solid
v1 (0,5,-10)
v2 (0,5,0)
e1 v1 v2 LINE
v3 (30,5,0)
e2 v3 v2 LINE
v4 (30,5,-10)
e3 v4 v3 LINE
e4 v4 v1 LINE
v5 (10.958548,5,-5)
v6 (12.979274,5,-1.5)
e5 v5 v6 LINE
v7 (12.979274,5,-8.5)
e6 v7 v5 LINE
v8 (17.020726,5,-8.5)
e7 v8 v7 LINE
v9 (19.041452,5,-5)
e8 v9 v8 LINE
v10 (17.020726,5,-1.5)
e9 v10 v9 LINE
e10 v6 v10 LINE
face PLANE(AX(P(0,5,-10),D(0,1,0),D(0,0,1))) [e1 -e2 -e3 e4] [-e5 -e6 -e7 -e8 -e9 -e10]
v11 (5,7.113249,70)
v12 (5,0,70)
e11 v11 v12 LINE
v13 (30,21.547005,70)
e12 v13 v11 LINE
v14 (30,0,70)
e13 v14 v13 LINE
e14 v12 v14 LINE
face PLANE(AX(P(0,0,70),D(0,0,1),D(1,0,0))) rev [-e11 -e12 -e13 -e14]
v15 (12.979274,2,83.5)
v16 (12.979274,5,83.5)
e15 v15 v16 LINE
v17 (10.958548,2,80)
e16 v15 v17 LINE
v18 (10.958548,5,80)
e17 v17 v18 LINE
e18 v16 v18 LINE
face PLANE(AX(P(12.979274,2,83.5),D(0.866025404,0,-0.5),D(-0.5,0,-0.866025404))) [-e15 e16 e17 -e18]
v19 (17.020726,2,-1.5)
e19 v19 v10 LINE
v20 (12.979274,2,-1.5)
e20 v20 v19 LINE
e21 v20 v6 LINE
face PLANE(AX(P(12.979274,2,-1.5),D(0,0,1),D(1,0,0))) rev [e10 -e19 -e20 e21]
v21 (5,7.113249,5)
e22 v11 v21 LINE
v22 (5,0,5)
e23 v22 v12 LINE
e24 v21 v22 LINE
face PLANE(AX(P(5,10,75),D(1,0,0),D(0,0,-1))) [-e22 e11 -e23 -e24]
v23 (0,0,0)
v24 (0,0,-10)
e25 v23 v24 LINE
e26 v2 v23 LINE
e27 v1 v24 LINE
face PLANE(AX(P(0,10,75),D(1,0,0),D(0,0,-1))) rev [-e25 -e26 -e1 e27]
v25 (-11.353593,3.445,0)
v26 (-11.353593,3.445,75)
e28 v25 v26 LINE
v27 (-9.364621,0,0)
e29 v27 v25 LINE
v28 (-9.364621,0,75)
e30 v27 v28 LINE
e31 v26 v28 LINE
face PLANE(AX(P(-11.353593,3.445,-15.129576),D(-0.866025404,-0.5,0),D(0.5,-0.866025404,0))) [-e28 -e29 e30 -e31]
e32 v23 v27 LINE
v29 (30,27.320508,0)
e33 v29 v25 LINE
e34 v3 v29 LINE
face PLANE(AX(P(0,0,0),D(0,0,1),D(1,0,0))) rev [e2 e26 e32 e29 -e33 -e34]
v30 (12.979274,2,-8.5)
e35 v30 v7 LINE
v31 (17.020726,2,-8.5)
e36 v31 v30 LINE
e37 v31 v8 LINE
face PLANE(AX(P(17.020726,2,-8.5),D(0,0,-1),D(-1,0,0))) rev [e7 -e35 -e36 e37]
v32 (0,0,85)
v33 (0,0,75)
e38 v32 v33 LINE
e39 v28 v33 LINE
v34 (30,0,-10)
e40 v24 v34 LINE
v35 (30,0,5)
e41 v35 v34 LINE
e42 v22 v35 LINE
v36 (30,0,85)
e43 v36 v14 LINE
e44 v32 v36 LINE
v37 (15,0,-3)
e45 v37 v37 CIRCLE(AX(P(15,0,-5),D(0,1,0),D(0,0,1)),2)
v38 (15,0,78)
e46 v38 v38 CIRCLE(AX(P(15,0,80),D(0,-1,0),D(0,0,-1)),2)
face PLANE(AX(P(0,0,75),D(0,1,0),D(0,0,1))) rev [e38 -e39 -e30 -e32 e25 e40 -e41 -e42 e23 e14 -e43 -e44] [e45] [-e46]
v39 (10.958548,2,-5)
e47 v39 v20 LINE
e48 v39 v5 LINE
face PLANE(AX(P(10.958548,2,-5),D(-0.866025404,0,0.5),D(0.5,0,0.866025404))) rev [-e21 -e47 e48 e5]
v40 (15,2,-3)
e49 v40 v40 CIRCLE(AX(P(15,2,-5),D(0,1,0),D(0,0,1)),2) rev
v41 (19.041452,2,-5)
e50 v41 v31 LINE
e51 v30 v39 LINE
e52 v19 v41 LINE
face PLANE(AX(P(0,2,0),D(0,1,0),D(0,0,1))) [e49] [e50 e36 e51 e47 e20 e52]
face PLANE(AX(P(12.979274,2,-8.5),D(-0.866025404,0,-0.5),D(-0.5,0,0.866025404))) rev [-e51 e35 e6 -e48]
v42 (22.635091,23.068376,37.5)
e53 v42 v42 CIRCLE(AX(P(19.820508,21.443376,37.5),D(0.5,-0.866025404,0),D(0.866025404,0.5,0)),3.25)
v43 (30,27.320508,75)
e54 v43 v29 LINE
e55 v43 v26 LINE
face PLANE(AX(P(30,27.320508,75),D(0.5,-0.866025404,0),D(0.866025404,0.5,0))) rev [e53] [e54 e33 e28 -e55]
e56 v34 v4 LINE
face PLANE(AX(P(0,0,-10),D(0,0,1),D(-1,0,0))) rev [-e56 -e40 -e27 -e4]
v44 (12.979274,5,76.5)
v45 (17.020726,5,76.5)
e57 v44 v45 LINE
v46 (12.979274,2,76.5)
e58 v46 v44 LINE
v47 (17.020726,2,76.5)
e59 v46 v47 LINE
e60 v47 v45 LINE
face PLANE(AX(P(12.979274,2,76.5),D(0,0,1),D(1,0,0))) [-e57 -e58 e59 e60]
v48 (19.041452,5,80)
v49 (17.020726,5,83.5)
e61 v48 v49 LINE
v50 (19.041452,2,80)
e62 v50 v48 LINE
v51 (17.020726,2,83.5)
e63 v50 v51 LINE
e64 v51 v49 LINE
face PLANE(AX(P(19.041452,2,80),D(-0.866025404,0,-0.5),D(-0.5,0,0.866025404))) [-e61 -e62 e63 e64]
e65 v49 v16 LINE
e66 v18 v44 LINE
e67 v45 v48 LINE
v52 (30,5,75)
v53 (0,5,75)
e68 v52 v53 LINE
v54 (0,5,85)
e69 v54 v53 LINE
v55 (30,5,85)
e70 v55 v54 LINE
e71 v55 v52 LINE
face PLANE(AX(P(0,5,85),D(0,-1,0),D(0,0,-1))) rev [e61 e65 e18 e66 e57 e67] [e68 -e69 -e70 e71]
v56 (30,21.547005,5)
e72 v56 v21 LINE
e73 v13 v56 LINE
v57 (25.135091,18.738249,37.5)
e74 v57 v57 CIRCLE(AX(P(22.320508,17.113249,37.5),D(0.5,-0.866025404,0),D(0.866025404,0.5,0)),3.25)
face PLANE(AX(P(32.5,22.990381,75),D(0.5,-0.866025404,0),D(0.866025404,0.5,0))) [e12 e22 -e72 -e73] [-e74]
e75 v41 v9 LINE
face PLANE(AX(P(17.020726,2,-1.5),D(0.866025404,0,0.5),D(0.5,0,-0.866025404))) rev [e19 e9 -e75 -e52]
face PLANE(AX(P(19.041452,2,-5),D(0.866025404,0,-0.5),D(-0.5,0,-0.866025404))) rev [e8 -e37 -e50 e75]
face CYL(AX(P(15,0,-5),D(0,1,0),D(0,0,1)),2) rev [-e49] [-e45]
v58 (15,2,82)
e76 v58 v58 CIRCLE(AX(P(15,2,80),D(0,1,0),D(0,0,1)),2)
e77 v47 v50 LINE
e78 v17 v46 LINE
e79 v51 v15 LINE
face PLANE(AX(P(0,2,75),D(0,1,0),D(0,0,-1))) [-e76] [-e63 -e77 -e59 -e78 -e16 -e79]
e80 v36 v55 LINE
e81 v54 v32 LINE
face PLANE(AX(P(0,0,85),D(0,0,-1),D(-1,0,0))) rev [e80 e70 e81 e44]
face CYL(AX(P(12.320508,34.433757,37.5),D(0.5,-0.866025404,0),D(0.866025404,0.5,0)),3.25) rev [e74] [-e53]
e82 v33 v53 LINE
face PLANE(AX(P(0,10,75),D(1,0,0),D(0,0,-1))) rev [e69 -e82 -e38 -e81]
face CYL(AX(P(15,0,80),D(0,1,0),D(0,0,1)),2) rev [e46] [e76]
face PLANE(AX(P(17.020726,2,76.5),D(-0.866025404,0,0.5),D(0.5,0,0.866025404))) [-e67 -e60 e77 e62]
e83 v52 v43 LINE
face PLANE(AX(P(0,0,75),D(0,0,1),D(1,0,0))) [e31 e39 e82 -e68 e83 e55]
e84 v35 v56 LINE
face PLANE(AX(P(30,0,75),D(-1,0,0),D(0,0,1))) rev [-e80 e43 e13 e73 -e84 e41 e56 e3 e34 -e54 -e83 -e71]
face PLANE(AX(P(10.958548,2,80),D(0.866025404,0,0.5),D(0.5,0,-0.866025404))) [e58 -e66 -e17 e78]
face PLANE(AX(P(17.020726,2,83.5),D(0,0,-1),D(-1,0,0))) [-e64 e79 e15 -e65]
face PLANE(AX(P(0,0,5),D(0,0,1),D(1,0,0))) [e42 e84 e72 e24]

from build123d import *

# Parameters (mm, degrees)
EXTRUDE_1_DEPTH     = 75
SHELL_1_T           = -5
SKETCH_2_W          = 65
SKETCH_2_H          = 5
CUT_EXTRUDE_1_DEPTH = 25
SKETCH_3_R          = 3.25
CUT_EXTRUDE_2_DEPTH = 21
SKETCH_4_W          = 30
SKETCH_4_H          = 5
EXTRUDE_2_DEPTH     = 10
EXTRUDE_3_DEPTH     = 75
SKETCH_8_R          = 2
CUT_EXTRUDE_4_DEPTH = 6
CUT_EXTRUDE_5_DEPTH = 3


with BuildPart() as part:
    # 草图1 → 凸台-拉伸1 (new body)
    with BuildSketch(Plane.XY):
        Polygon((0, 0), (30, 0), (30, 27.320508076), (0, 10), align=None)
    extrude(amount=EXTRUDE_1_DEPTH)

    # 抽壳1
    shell_1_openings = [part.faces().sort_by_distance(p)[0] for p in [
        (30, 13.660254038, 37.5),
    ]]
    offset(amount=SHELL_1_T, openings=shell_1_openings, kind=Kind.INTERSECTION)

    # 草图2 → 切除-拉伸1 (cut)
    with BuildSketch(Plane(origin=(30, 0, 0), x_dir=(0, 0, -1), z_dir=(1, 0, 0))):
        with Locations((-37.5, 2.5)):
            Rectangle(SKETCH_2_W, SKETCH_2_H)
    extrude(amount=-CUT_EXTRUDE_1_DEPTH, mode=Mode.SUBTRACT)

    # 草图3 → 切除-拉伸2 (cut, through all)
    with BuildSketch(Plane(origin=(-1.830127019, 3.169872981, 0), x_dir=(0.866025404, 0.5, 0), z_dir=(0.5, -0.866025404, 0))):
        with Locations((27.886751346, 37.5)):
            Circle(SKETCH_3_R)
    extrude(amount=-CUT_EXTRUDE_2_DEPTH, mode=Mode.SUBTRACT)

    # 草图4 → 凸台-拉伸2 (add)
    with BuildSketch(Plane.XY.offset(75)):
        with Locations((15, 2.5)):
            Rectangle(SKETCH_4_W, SKETCH_4_H)
    extrude_2 = extrude(amount=EXTRUDE_2_DEPTH)

    # 镜向1: 凸台-拉伸2 across plane
    add(extrude_2.mirror(Plane.XY.offset(37.5)))

    # 草图5 → 凸台-拉伸3 (add)
    with BuildSketch(Plane.XY.offset(75)):
        Polygon((0, 10), (-11.353593044, 3.445), (-9.364621366, 0), (0, 0), align=None)
    extrude(amount=-EXTRUDE_3_DEPTH)

    # 草图8 → 切除-拉伸4 (cut, through all)
    with BuildSketch(Plane(origin=(0, 5, 0), x_dir=(1, 0, 0), z_dir=(0, 1, 0))):
        with Locations((15, 5)):
            Circle(SKETCH_8_R)
    cut_extrude_4 = extrude(amount=-CUT_EXTRUDE_4_DEPTH, mode=Mode.SUBTRACT)

    # 草图9 → 切除-拉伸5 (cut)
    with BuildSketch(Plane(origin=(0, 5, 0), x_dir=(1, 0, 0), z_dir=(0, 1, 0))):
        Polygon((17.020725942, 8.5), (12.979274058, 8.5), (10.958548116, 5), (12.979274058, 1.5), (17.020725942, 1.5), (19.041451884, 5), align=None)
    cut_extrude_5 = extrude(amount=-CUT_EXTRUDE_5_DEPTH, mode=Mode.SUBTRACT)

    # 镜向2: 切除-拉伸4, 切除-拉伸5 across plane
    add(cut_extrude_4.mirror(Plane.XY.offset(37.5)), mode=Mode.SUBTRACT)
    add(cut_extrude_5.mirror(Plane.XY.offset(37.5)), mode=Mode.SUBTRACT)


solid = part.part
